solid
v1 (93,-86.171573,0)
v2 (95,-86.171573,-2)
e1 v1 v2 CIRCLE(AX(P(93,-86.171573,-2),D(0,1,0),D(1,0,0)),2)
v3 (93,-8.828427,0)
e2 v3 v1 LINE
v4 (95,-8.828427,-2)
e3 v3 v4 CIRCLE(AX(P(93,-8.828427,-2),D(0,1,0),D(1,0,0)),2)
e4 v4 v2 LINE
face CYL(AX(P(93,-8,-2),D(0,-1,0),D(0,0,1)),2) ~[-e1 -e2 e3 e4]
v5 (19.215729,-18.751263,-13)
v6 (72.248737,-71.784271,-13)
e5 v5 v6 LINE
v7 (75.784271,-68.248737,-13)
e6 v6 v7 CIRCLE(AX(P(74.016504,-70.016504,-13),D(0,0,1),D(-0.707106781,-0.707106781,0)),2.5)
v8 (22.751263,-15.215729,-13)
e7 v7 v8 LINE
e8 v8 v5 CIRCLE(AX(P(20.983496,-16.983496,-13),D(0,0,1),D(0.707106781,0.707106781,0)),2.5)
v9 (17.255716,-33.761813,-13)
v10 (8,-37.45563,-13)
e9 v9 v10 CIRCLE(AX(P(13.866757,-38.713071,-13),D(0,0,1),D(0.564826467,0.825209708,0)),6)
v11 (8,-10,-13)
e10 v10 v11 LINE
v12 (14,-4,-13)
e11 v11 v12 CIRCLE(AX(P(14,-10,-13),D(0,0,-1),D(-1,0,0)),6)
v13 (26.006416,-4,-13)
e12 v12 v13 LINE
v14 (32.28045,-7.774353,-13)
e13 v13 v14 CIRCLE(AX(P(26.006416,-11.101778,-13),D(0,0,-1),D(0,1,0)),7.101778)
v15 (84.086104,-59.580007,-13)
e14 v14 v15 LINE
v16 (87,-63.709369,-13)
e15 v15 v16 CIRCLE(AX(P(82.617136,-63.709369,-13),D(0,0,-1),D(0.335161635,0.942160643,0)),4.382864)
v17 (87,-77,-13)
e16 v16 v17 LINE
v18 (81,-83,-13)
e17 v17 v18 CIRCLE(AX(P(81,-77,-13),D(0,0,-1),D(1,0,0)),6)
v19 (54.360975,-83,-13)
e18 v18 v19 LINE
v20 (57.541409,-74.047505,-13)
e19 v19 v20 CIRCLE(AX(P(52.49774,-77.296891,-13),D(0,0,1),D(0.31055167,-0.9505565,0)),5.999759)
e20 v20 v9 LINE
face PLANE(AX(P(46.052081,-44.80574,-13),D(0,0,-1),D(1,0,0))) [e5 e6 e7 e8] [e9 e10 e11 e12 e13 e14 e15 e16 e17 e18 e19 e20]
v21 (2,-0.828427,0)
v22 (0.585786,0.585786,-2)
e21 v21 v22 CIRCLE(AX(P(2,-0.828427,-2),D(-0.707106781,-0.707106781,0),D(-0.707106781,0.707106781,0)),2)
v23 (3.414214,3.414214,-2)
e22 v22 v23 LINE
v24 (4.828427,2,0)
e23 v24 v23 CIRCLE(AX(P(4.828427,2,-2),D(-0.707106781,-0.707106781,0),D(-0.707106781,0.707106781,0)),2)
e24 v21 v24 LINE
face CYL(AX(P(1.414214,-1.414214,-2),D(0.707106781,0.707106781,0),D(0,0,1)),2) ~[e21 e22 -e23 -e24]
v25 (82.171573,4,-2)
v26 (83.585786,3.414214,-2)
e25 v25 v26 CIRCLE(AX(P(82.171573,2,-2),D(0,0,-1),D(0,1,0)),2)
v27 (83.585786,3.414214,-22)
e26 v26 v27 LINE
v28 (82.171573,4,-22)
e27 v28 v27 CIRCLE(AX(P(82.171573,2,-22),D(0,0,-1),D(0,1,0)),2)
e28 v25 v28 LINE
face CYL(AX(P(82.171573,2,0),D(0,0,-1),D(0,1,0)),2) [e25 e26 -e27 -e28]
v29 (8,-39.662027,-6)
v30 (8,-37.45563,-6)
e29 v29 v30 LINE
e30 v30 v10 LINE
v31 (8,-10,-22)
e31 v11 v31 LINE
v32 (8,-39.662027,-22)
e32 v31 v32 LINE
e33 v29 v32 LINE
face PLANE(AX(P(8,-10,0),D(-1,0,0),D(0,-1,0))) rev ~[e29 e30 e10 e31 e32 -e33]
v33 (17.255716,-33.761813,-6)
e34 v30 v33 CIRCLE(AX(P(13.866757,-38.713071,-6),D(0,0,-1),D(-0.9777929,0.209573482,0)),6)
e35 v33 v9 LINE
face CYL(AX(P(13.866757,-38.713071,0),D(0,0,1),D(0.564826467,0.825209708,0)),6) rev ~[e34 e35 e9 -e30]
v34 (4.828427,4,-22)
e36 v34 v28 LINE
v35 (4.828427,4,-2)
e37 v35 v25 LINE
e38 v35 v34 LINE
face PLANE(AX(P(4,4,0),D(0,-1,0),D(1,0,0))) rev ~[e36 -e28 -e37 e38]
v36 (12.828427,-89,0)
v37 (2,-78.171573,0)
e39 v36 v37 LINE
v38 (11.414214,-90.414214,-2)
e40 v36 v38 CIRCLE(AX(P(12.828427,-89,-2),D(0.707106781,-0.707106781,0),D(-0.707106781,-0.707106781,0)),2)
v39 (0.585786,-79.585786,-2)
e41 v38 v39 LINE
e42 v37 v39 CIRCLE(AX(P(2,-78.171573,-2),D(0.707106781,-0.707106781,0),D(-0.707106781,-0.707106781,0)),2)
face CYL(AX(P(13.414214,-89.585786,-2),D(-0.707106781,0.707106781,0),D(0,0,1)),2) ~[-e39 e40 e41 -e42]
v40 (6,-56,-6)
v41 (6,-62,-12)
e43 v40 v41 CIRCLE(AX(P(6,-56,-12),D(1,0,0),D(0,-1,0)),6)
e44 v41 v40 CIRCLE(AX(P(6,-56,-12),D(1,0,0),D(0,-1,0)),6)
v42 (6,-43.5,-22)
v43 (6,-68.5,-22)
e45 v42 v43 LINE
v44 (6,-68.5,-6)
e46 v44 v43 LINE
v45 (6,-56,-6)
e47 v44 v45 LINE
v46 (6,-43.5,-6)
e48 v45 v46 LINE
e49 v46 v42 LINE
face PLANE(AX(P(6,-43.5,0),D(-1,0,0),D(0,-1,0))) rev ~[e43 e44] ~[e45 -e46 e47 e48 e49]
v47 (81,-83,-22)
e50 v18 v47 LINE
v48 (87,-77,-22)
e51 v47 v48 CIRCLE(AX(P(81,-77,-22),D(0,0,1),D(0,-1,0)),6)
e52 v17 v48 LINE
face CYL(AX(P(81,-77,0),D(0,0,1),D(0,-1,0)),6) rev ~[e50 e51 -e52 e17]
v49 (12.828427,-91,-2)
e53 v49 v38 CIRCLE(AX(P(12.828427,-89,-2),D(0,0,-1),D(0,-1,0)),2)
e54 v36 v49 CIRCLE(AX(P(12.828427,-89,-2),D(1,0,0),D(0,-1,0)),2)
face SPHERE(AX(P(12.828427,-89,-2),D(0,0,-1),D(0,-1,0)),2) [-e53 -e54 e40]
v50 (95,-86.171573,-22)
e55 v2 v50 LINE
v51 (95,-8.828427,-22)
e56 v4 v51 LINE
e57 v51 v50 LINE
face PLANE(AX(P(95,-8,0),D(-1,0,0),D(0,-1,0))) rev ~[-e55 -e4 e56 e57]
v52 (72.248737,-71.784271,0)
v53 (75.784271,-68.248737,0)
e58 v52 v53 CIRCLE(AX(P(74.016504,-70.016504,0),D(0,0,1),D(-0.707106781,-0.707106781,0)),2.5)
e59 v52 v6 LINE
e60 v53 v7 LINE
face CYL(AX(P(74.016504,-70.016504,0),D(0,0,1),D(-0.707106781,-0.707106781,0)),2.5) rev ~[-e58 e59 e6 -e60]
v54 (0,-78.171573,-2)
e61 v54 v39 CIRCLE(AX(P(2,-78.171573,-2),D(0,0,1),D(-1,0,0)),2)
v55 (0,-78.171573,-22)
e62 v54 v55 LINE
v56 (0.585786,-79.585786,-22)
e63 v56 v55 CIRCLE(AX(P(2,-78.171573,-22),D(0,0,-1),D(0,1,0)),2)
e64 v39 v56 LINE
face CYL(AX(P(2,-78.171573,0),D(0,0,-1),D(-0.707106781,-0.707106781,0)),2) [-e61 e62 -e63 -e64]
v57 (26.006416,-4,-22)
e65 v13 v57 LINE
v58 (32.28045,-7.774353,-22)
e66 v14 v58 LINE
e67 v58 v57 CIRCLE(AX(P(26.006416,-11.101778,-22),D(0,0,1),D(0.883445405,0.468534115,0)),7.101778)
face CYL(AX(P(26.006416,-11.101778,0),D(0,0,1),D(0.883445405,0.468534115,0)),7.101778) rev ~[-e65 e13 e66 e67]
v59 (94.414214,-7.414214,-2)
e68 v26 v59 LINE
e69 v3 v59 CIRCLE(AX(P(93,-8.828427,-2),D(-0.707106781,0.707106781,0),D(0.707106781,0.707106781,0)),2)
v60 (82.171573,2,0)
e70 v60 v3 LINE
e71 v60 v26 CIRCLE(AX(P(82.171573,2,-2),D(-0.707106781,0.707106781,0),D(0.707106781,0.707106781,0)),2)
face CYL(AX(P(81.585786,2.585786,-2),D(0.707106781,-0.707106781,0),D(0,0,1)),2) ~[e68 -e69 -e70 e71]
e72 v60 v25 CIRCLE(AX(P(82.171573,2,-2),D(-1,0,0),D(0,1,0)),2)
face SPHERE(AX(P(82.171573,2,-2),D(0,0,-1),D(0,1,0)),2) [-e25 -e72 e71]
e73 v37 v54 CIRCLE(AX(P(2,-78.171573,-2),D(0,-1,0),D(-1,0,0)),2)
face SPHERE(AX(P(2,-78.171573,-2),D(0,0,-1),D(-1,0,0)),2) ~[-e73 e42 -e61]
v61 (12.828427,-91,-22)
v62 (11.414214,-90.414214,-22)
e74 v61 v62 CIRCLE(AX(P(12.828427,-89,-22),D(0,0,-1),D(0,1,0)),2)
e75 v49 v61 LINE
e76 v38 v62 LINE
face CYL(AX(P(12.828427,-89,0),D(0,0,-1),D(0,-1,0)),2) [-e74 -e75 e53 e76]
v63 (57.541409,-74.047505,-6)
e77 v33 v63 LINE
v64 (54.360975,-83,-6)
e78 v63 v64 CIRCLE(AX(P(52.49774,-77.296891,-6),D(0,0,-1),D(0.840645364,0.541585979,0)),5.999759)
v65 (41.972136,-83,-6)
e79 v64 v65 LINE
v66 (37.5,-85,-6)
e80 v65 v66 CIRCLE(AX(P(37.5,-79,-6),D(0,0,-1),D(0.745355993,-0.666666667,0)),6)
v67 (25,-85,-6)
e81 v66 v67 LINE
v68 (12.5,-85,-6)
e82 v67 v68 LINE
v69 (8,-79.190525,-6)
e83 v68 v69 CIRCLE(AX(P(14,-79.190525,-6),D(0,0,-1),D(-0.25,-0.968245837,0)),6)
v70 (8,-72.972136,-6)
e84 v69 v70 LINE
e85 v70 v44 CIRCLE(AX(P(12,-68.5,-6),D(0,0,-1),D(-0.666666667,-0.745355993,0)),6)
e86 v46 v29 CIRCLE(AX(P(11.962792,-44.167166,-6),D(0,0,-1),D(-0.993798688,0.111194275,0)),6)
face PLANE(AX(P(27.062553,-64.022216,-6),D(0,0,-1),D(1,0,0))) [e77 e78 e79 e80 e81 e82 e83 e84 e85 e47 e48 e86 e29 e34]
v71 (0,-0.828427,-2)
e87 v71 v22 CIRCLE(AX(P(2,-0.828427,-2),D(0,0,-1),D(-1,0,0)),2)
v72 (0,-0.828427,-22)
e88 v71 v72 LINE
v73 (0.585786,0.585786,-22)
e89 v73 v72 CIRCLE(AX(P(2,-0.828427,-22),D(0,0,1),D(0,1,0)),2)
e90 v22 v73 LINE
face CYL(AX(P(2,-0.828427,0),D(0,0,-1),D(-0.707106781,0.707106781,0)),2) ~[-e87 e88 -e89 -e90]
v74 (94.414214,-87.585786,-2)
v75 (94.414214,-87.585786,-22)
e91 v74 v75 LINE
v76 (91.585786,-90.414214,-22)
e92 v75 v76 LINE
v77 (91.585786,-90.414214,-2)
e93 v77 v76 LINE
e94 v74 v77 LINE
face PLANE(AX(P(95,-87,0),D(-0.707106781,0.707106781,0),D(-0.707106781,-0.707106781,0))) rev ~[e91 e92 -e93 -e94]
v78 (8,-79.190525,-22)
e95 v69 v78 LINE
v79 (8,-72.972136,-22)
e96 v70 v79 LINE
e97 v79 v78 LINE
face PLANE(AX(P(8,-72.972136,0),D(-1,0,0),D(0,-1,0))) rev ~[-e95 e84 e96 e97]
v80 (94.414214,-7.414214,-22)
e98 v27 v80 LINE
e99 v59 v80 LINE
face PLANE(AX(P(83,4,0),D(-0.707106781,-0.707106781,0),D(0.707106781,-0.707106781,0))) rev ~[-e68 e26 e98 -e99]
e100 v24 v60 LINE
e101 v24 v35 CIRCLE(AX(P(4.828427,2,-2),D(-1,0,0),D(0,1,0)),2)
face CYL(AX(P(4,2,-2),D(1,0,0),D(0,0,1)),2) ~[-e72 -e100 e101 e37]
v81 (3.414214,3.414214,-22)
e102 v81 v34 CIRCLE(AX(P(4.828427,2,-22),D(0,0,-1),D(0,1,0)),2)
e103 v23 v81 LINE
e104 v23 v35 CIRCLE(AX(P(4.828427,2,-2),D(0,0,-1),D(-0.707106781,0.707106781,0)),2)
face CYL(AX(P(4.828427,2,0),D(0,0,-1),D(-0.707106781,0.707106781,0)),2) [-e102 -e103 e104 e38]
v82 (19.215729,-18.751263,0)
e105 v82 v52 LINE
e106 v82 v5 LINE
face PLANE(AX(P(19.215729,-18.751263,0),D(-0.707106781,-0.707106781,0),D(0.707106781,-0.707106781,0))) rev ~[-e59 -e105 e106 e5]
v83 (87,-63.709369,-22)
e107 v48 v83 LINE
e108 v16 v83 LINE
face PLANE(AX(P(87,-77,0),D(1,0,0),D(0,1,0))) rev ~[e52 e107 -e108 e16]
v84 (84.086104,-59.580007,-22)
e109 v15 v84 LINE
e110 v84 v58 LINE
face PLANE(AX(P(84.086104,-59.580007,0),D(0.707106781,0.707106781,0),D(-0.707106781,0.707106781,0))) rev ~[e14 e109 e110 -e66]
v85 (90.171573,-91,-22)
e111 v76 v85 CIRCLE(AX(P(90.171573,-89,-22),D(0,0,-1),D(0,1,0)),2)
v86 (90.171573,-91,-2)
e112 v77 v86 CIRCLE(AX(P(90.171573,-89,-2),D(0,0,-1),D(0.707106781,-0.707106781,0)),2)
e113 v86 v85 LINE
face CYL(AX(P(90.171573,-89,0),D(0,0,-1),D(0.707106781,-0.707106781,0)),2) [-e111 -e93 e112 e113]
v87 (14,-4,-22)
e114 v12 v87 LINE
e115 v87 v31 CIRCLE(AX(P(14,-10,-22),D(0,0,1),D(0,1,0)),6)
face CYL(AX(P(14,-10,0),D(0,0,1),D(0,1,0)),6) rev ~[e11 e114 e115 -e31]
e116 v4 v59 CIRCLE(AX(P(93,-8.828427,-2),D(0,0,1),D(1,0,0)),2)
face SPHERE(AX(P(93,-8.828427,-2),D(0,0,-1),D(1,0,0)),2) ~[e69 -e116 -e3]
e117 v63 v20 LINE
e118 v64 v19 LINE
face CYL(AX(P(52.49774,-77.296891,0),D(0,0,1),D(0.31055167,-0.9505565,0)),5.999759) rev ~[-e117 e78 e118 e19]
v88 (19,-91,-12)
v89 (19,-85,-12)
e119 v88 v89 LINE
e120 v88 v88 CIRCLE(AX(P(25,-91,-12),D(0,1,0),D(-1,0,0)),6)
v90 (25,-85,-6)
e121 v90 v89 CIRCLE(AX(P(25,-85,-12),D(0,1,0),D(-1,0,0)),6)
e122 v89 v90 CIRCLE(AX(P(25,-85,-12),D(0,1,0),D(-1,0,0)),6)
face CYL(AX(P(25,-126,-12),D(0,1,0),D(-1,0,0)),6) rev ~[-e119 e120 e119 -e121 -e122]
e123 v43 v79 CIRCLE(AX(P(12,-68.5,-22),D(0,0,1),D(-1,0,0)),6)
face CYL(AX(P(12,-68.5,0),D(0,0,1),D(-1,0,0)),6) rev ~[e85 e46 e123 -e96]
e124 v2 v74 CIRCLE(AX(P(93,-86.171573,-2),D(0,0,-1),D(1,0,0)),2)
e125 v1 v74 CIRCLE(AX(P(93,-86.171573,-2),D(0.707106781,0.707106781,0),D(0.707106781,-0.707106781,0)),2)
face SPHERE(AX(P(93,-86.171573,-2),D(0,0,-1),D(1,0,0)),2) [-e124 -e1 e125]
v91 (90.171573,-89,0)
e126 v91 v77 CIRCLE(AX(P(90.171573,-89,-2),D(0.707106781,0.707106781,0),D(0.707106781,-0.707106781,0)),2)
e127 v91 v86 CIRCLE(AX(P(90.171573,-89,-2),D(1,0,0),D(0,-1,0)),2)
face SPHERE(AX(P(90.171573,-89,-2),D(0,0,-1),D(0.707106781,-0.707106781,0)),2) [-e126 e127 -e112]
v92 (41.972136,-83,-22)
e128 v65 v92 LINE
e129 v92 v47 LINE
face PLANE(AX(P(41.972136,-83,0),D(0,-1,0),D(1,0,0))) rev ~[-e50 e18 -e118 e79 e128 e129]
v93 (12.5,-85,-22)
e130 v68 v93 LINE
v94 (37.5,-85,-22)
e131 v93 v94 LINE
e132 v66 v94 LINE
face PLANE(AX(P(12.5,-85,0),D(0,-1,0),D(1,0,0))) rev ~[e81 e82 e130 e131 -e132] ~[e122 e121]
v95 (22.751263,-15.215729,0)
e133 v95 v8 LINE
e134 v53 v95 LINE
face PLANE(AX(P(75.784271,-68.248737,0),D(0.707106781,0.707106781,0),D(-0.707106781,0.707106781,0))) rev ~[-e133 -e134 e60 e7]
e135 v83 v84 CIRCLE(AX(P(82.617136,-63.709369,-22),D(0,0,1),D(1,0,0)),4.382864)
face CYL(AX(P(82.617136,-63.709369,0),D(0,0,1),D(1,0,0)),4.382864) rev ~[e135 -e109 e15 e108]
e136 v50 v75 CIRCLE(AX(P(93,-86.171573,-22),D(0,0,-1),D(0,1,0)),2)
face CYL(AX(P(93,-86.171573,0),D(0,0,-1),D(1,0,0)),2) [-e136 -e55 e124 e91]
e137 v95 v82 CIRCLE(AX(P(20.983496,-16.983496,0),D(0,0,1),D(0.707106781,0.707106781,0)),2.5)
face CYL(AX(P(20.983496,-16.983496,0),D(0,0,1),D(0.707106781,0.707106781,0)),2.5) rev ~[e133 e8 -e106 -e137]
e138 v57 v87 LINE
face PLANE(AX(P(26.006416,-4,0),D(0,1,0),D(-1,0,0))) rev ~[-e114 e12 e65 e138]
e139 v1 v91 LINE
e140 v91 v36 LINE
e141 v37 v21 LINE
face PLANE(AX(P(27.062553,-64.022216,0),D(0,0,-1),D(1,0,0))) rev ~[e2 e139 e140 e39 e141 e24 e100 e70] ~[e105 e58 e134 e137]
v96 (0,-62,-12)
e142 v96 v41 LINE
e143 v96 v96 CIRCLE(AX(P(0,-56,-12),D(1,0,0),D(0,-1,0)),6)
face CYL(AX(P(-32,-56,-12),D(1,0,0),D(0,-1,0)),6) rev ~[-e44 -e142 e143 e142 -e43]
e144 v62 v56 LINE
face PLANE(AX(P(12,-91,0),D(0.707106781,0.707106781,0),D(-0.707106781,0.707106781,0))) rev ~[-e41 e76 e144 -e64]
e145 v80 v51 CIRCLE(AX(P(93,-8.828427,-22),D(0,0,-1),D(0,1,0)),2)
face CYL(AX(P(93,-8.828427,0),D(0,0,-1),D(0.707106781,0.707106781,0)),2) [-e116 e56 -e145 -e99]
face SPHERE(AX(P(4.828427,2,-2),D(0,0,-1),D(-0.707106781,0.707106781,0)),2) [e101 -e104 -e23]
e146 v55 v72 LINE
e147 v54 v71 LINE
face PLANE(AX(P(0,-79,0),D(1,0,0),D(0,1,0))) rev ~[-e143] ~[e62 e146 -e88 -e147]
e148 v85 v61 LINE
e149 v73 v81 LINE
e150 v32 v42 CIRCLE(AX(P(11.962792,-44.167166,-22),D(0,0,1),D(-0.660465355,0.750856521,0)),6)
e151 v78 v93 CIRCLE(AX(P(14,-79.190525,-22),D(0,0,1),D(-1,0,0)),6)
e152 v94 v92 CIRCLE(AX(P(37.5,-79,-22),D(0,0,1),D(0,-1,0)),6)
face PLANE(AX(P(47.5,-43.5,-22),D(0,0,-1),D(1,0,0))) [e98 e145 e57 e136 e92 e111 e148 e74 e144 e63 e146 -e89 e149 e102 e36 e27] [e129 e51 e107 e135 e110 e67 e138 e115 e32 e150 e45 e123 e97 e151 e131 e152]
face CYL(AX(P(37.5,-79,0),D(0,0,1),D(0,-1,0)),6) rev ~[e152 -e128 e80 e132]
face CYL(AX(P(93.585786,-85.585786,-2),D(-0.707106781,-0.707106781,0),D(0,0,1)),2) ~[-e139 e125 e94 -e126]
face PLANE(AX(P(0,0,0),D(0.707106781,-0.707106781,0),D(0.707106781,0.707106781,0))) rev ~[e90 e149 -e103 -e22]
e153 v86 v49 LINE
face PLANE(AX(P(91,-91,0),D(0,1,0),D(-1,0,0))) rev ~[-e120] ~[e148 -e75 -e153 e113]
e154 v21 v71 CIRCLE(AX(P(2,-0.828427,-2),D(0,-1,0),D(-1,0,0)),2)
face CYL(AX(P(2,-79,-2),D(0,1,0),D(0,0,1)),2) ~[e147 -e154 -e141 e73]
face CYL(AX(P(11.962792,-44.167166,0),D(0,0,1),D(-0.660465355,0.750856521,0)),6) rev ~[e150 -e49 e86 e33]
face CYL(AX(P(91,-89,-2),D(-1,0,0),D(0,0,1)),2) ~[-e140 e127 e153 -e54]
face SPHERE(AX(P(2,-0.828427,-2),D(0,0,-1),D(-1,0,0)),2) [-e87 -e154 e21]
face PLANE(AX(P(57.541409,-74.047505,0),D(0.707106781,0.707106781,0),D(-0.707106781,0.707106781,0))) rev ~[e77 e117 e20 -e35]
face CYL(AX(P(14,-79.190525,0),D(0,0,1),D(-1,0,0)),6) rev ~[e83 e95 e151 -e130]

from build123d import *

# Parameters (mm, degrees)
F1_DEPTH = 13
F2_DEPTH = 22
F3_DEPTH = 6
F4_R     = 2
F6_D     = 12
F6_DEPTH = 32
F6_TIP   = 3.6051637142
F7_ANGLE = 180
F9_D     = 12
F9_DEPTH = 35
F9_TIP   = 3.6051637142


with BuildPart() as f1:
    # F0 (on Top) → F1 (new body)
    with BuildSketch(Plane.XY):
        with BuildLine():
            ThreePointArc((26.0064161154, 8), (29.6673325286, 9.0163082132), (32.2804495808, 11.7743529264))
            Line((32.2804495808, 11.7743529264), (84.0861041215, 63.5800074671))
            ThreePointArc((84.0861041215, 63.5800074671), (86.1981822316, 65.1823937822), (87, 67.7093690715))
            Line((87, 67.7093690715), (87, 81))
            ThreePointArc((87, 81), (85.2426406871, 85.2426406871), (81, 87))
            Line((81, 87), (54.36097458, 87))
            ThreePointArc((54.36097458, 87), (58.1513332181, 83.3053678491), (57.5414087508, 78.0475054052))
            Line((57.5414087508, 78.0475054052), (17.2557162005, 37.7618128549))
            ThreePointArc((17.2557162005, 37.7618128549), (11.6428097519, 37.1404544076), (8, 41.455630213))
            Line((8, 41.455630213), (8, 14))
            ThreePointArc((8, 14), (9.7573593129, 9.7573593129), (14, 8))
            Line((14, 8), (26.0064161154, 8))
        make_face()
        with BuildLine():
            ThreePointArc((72.2487373415, 75.7842712475), (75.7842712475, 75.7842712475), (75.7842712475, 72.2487373415))
            Line((75.7842712475, 72.2487373415), (22.7512626585, 19.2157287525))
            ThreePointArc((22.7512626585, 19.2157287525), (19.2157287525, 19.2157287525), (19.2157287525, 22.7512626585))
            Line((19.2157287525, 22.7512626585), (72.2487373415, 75.7842712475))
        make_face(mode=Mode.SUBTRACT)
    extrude(amount=F1_DEPTH)

    # F0 (on Top) → F2 (join)
    with BuildSketch(Plane.XY):
        Polygon((0, 4), (4, 0), (83, 0), (95, 12), (95, 91), (91, 95), (12, 95), (0, 83), align=None)
        with BuildLine():
            Line((84.0861041215, 63.5800074671), (32.2804495808, 11.7743529264))
            ThreePointArc((32.2804495808, 11.7743529264), (29.6673325286, 9.0163082132), (26.0064161154, 8))
            Line((26.0064161154, 8), (14, 8))
            ThreePointArc((14, 8), (9.7573593129, 9.7573593129), (8, 14))
            Line((8, 14), (8, 41.455630213))
            Line((8, 41.455630213), (8, 43.6620265245))
            ThreePointArc((8, 43.6620265245), (6.6419072577, 45.3944081465), (6, 47.5))
            Line((6, 47.5), (6, 72.5))
            ThreePointArc((6, 72.5), (6.5227744249, 74.9494897428), (8, 76.972135955))
            Line((8, 76.972135955), (8, 83.1905249807))
            ThreePointArc((8, 83.1905249807), (9.2565835097, 86.8647595949), (12.5, 89))
            Line((12.5, 89), (37.5, 89))
            ThreePointArc((37.5, 89), (39.9494897428, 88.4772255751), (41.972135955, 87))
            Line((41.972135955, 87), (54.36097458, 87))
            Line((54.36097458, 87), (81, 87))
            ThreePointArc((81, 87), (85.2426406871, 85.2426406871), (87, 81))
            Line((87, 81), (87, 67.7093690715))
            ThreePointArc((87, 67.7093690715), (86.1981822316, 65.1823937822), (84.0861041215, 63.5800074671))
        make_face(mode=Mode.SUBTRACT)
    extrude(amount=F2_DEPTH)

    # F0 (on Top) → F3 (join)
    with BuildSketch(Plane.XY):
        with BuildLine():
            Line((8, 43.6620265245), (8, 41.455630213))
            ThreePointArc((8, 41.455630213), (11.6428097519, 37.1404544076), (17.2557162005, 37.7618128549))
            Line((17.2557162005, 37.7618128549), (57.5414087508, 78.0475054052))
            ThreePointArc((57.5414087508, 78.0475054052), (58.1513332181, 83.3053678491), (54.36097458, 87))
            Line((54.36097458, 87), (41.972135955, 87))
            ThreePointArc((41.972135955, 87), (39.9494897428, 88.4772255751), (37.5, 89))
            Line((37.5, 89), (12.5, 89))
            ThreePointArc((12.5, 89), (9.2565835097, 86.8647595949), (8, 83.1905249807))
            Line((8, 83.1905249807), (8, 76.972135955))
            ThreePointArc((8, 76.972135955), (6.5227744249, 74.9494897428), (6, 72.5))
            Line((6, 72.5), (6, 47.5))
            ThreePointArc((6, 47.5), (6.6419072577, 45.3944081465), (8, 43.6620265245))
        make_face()
    extrude(amount=F3_DEPTH)

    # F4
    f4_edges = [f1.edges().sort_by_distance(p)[0] for p in [
        (51.5, 95, 0),
        (91, 95, 11),
        (95, 91, 11),
        (95, 51.5, 0),
        (93, 93, 0),
        (89, 6, 0),
        (83, 0, 11),
        (95, 12, 11),
        (43.5, 0, 0),
        (4, 0, 11),
        (2, 2, 0),
        (0, 4, 11),
        (0, 43.5, 0),
        (6, 89, 0),
        (0, 83, 11),
        (12, 95, 11),
    ]]
    fillet(f4_edges, radius=F4_R)

    # F6
    with Locations(Plane(origin=(0, 0, 0), x_dir=(0, -1, 0), z_dir=(-1, 0, 0))):
        with Locations((-60, 12)):
            Hole(F6_D / 2, depth=F6_DEPTH)
            with Locations((0, 0, -(F6_DEPTH + F6_TIP / 2))):  # 118° drill point
                Cone(0, F6_D / 2, F6_TIP, mode=Mode.SUBTRACT)


with BuildPart() as f1_1:
    # F7: moved
    add(f1.part.rotate(Axis((43.5, 2, 0), (-1, 0, 0)), F7_ANGLE))

    # F9
    with Locations(Plane.XZ.offset(91)):
        with Locations((25, -12)):
            Hole(F9_D / 2, depth=F9_DEPTH)
            with Locations((0, 0, -(F9_DEPTH + F9_TIP / 2))):  # 118° drill point
                Cone(0, F9_D / 2, F9_TIP, mode=Mode.SUBTRACT)


solid = f1_1.part
